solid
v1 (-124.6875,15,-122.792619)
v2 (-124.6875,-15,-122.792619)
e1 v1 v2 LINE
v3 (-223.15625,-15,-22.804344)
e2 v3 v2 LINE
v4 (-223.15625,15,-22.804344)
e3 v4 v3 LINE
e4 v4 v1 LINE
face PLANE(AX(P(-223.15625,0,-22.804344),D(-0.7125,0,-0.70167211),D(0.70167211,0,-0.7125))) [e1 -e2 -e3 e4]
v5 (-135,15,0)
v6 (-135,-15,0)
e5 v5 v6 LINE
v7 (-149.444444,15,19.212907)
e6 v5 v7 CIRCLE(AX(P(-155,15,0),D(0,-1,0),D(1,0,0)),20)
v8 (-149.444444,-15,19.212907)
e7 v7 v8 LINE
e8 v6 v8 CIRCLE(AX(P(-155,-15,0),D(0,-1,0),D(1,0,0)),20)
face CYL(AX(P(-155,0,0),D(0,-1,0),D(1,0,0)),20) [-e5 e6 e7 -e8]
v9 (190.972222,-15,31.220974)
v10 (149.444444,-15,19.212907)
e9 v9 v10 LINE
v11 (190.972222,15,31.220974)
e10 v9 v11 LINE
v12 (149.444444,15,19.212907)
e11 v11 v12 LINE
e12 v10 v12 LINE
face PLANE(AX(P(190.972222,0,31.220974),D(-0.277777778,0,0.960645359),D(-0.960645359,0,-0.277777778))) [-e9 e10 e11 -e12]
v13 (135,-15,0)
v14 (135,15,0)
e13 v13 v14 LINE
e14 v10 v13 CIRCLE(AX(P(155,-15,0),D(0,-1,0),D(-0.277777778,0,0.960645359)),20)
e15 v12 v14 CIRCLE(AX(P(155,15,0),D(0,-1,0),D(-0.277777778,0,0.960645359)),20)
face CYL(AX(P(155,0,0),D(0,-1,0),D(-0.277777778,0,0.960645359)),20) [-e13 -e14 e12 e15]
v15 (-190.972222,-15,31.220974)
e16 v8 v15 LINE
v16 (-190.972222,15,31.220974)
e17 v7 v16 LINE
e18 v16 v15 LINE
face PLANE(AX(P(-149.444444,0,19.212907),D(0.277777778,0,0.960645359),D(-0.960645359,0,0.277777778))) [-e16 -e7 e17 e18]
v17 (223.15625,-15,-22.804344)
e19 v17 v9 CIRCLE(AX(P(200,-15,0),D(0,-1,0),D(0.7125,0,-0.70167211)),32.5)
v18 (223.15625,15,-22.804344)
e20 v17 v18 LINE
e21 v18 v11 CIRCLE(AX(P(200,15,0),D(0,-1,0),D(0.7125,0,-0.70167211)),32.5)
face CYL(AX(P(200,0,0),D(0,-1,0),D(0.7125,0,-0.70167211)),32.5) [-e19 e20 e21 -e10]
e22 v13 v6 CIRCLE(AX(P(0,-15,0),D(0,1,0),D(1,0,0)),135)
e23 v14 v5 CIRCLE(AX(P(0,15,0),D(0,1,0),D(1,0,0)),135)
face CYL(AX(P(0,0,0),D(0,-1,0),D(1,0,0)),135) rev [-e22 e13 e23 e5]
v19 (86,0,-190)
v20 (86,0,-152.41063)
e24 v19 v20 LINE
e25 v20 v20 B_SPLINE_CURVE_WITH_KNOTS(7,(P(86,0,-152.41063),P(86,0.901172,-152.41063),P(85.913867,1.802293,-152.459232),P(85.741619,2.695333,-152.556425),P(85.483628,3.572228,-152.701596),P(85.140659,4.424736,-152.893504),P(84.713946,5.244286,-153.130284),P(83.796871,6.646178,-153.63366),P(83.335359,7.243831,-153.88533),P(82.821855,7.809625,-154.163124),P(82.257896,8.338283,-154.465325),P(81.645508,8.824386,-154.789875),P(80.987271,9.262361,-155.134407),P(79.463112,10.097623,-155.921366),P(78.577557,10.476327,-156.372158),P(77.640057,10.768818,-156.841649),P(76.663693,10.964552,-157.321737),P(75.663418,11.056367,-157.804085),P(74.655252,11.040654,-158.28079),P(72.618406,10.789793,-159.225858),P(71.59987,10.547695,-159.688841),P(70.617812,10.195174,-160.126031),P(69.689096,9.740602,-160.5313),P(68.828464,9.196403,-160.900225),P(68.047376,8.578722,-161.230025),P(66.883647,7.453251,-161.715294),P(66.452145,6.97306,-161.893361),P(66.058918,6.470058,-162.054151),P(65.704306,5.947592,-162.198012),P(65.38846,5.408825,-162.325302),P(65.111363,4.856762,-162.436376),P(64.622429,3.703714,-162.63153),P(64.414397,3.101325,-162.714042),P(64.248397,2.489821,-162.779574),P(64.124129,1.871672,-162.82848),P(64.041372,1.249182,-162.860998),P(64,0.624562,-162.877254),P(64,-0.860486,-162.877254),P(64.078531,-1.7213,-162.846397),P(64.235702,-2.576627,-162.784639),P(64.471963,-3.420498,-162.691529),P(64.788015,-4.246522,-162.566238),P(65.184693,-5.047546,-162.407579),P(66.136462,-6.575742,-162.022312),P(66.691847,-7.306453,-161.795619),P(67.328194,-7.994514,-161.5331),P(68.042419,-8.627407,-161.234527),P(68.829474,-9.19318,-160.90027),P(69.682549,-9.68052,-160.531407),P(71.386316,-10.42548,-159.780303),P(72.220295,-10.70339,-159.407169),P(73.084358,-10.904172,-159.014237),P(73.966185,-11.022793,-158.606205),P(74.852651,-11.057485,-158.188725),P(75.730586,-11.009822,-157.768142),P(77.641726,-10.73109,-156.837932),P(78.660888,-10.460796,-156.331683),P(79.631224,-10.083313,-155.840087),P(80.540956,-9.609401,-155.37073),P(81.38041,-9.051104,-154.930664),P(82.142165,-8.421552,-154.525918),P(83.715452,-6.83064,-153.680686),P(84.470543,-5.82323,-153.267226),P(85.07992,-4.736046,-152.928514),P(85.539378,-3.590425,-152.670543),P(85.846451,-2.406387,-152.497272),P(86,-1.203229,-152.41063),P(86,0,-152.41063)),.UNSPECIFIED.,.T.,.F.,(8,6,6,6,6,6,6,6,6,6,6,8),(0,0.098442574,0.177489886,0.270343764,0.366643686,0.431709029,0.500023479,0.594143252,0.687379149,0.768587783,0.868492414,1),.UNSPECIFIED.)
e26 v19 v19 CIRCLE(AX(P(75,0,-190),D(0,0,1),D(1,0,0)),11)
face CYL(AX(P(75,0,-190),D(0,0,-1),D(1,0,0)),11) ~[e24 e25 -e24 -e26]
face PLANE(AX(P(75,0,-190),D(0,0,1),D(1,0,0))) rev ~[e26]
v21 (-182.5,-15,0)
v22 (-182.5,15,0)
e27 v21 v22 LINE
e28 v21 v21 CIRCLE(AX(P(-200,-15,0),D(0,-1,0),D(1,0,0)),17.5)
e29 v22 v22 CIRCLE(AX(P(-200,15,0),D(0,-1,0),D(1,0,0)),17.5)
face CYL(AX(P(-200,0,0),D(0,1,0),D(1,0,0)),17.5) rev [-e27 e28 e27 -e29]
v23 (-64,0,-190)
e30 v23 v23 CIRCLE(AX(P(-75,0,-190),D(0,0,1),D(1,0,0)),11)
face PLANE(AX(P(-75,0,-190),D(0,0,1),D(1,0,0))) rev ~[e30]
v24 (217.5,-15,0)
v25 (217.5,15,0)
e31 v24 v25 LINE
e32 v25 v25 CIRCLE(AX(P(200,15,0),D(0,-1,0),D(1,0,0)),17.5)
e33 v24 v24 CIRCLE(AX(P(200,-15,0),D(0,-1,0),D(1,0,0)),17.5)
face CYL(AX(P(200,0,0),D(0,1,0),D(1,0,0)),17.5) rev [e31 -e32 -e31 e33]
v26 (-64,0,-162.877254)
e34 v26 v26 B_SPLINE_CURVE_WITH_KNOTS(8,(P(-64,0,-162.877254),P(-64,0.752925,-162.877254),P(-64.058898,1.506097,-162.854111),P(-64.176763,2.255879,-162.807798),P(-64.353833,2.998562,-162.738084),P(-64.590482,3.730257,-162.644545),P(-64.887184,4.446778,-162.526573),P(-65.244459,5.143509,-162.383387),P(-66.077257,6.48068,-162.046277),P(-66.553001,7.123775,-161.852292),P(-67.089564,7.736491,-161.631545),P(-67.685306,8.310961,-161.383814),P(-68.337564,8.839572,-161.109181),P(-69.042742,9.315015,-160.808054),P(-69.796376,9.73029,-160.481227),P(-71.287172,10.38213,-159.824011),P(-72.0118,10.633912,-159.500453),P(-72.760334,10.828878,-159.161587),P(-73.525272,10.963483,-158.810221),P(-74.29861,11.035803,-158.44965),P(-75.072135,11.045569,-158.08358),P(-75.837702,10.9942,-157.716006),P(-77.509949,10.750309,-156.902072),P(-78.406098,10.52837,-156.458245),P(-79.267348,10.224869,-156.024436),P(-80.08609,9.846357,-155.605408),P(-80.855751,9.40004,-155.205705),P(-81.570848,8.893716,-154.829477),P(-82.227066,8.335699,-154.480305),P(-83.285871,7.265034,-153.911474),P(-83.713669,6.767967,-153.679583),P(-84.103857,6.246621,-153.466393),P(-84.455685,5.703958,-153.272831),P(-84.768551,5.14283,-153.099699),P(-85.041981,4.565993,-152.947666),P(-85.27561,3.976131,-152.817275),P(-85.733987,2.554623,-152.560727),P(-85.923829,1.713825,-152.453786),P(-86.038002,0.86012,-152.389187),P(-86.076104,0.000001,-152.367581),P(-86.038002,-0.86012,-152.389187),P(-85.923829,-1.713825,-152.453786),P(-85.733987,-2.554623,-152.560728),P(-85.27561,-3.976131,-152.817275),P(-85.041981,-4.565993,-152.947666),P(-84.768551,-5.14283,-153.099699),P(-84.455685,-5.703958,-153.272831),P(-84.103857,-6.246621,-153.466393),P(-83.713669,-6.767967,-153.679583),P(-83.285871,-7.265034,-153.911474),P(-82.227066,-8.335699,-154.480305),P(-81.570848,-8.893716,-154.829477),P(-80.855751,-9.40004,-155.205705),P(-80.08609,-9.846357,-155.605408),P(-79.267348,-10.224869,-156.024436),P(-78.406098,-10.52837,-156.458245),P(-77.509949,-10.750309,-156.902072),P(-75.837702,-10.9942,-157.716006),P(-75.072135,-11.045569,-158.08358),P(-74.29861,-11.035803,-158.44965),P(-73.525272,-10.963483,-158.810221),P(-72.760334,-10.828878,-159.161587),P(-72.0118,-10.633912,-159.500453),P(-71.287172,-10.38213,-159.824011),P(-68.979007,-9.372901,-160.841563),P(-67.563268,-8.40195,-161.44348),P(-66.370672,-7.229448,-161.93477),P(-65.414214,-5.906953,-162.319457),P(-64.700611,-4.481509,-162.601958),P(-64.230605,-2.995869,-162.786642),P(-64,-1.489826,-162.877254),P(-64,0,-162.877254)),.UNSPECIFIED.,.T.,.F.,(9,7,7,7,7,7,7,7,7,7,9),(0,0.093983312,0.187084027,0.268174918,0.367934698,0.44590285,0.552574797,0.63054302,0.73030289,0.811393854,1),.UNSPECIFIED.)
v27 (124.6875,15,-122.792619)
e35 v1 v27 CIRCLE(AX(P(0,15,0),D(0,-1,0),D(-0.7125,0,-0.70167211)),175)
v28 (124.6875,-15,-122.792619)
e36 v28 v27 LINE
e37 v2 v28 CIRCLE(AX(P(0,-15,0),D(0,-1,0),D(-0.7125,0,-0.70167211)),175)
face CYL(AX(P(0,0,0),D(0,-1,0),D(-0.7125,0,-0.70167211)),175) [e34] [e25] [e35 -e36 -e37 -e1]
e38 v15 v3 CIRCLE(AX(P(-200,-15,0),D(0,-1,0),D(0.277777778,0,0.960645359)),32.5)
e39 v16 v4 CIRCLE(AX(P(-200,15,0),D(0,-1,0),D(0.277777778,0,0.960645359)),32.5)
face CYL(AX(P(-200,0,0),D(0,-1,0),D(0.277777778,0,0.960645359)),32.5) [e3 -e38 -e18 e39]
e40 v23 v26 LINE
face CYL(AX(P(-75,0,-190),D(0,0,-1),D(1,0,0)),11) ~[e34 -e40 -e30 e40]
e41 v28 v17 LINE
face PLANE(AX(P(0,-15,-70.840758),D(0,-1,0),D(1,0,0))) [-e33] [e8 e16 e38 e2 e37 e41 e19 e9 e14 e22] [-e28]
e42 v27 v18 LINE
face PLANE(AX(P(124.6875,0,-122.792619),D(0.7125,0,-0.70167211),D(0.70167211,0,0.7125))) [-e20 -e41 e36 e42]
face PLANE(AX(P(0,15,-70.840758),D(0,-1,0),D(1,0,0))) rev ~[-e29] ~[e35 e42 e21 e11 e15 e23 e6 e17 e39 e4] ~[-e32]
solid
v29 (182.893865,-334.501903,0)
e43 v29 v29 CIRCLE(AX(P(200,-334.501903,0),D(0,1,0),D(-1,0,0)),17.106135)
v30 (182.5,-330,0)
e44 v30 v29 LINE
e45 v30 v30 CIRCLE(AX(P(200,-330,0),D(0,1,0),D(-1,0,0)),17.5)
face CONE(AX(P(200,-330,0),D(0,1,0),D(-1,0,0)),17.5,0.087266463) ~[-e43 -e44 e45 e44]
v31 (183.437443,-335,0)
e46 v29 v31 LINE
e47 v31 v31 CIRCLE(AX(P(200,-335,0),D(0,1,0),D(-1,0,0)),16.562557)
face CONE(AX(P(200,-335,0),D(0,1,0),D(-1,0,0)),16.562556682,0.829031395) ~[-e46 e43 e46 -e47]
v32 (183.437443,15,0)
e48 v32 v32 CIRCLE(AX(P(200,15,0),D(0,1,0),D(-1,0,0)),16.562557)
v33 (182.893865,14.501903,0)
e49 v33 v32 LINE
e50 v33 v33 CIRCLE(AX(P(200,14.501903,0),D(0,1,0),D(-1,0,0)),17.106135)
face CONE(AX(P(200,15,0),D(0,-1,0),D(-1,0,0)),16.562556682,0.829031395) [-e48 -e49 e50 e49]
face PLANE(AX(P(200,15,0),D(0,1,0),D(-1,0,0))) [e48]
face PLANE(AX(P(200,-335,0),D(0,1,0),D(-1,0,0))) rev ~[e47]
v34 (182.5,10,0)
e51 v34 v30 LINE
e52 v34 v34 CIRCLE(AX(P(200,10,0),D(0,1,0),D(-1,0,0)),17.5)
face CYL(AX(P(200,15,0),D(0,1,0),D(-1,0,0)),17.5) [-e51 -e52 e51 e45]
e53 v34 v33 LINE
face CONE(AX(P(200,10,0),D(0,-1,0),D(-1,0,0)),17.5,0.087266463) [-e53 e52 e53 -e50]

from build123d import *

# Parameters (mm, degrees)
F1_R      = 17.5
F2_DEPTH  = 15
F4_R      = 11
F5_DEPTH  = 45
F6_R      = 17.5
F7_DEPTH  = 350
F8_SIZE2  = 0.4374433176
F8_SIZE   = 5
F9_SIZE   = 0.5
F10_SIZE2 = 0.4374433176
F10_SIZE  = 5
F11_SIZE  = 0.5


with BuildPart() as f2:
    # F1 (on Front) → F2 (new body, symmetric)
    with BuildSketch(Plane.XZ):
        with BuildLine():
            ThreePointArc((135, 0), (0, -135), (-135, 0))
            ThreePointArc((-135, 0), (-139.0138949223, 12.0185042515), (-149.4444444444, 19.2129071842))
            Line((-149.4444444444, 19.2129071842), (-190.9722222222, 31.2209741743))
            ThreePointArc((-190.9722222222, 31.2209741743), (-227.9210882908, 16.6331845615), (-223.15625, -22.8043435761))
            Line((-223.15625, -22.8043435761), (-124.6875, -122.792619256))
            ThreePointArc((-124.6875, -122.792619256), (0, -175), (124.6875, -122.792619256))
            Line((124.6875, -122.792619256), (223.15625, -22.8043435761))
            ThreePointArc((223.15625, -22.8043435761), (227.9210882908, 16.6331845615), (190.9722222222, 31.2209741743))
            Line((190.9722222222, 31.2209741743), (149.4444444444, 19.2129071842))
            ThreePointArc((149.4444444444, 19.2129071842), (139.0138949223, 12.0185042515), (135, 0))
        make_face()
        with Locations((-200, 0)):
            Circle(F1_R, mode=Mode.SUBTRACT)
        with Locations((200, 0)):
            Circle(F1_R, mode=Mode.SUBTRACT)
    extrude(amount=F2_DEPTH, both=True)

    # F4 (on offset) → F5 (join)
    with BuildSketch(Plane.XY.offset(-190)):
        with Locations((-75, 0)):
            Circle(F4_R)
        with Locations((75, 0)):
            Circle(F4_R)
    extrude(amount=F5_DEPTH)


with BuildPart() as f7:
    # F6 (on face) → F7 (new body)
    with BuildSketch(Plane(origin=(0, 15, 0), x_dir=(-1, 0, 0), z_dir=(0, 1, 0))):
        with Locations((-200, 0)):
            Circle(F6_R)
    extrude(amount=-F7_DEPTH)

    # F8
    f8_edges = [f7.edges().sort_by_distance(p)[0] for p in [
        (217.5, 15, 0),
    ]]
    f8_side = f7.faces().sort_by_distance((217.5, -160, 0))[0]
    chamfer(f8_edges, length=F8_SIZE, length2=F8_SIZE2, reference=f8_side)

    # F9
    f9_edges = [f7.edges().sort_by_distance(p)[0] for p in [
        (217.062557, 15, 0),
    ]]
    chamfer(f9_edges, length=F9_SIZE)

    # F10
    f10_edges = [f7.edges().sort_by_distance(p)[0] for p in [
        (217.5, -335, 0),
    ]]
    f10_side = f7.faces().sort_by_distance((217.5, -162.5, 0))[0]
    chamfer(f10_edges, length=F10_SIZE, length2=F10_SIZE2, reference=f10_side)

    # F11
    f11_edges = [f7.edges().sort_by_distance(p)[0] for p in [
        (217.062557, -335, 0),
    ]]
    chamfer(f11_edges, length=F11_SIZE)


solid = Compound([f2.part, f7.part])
